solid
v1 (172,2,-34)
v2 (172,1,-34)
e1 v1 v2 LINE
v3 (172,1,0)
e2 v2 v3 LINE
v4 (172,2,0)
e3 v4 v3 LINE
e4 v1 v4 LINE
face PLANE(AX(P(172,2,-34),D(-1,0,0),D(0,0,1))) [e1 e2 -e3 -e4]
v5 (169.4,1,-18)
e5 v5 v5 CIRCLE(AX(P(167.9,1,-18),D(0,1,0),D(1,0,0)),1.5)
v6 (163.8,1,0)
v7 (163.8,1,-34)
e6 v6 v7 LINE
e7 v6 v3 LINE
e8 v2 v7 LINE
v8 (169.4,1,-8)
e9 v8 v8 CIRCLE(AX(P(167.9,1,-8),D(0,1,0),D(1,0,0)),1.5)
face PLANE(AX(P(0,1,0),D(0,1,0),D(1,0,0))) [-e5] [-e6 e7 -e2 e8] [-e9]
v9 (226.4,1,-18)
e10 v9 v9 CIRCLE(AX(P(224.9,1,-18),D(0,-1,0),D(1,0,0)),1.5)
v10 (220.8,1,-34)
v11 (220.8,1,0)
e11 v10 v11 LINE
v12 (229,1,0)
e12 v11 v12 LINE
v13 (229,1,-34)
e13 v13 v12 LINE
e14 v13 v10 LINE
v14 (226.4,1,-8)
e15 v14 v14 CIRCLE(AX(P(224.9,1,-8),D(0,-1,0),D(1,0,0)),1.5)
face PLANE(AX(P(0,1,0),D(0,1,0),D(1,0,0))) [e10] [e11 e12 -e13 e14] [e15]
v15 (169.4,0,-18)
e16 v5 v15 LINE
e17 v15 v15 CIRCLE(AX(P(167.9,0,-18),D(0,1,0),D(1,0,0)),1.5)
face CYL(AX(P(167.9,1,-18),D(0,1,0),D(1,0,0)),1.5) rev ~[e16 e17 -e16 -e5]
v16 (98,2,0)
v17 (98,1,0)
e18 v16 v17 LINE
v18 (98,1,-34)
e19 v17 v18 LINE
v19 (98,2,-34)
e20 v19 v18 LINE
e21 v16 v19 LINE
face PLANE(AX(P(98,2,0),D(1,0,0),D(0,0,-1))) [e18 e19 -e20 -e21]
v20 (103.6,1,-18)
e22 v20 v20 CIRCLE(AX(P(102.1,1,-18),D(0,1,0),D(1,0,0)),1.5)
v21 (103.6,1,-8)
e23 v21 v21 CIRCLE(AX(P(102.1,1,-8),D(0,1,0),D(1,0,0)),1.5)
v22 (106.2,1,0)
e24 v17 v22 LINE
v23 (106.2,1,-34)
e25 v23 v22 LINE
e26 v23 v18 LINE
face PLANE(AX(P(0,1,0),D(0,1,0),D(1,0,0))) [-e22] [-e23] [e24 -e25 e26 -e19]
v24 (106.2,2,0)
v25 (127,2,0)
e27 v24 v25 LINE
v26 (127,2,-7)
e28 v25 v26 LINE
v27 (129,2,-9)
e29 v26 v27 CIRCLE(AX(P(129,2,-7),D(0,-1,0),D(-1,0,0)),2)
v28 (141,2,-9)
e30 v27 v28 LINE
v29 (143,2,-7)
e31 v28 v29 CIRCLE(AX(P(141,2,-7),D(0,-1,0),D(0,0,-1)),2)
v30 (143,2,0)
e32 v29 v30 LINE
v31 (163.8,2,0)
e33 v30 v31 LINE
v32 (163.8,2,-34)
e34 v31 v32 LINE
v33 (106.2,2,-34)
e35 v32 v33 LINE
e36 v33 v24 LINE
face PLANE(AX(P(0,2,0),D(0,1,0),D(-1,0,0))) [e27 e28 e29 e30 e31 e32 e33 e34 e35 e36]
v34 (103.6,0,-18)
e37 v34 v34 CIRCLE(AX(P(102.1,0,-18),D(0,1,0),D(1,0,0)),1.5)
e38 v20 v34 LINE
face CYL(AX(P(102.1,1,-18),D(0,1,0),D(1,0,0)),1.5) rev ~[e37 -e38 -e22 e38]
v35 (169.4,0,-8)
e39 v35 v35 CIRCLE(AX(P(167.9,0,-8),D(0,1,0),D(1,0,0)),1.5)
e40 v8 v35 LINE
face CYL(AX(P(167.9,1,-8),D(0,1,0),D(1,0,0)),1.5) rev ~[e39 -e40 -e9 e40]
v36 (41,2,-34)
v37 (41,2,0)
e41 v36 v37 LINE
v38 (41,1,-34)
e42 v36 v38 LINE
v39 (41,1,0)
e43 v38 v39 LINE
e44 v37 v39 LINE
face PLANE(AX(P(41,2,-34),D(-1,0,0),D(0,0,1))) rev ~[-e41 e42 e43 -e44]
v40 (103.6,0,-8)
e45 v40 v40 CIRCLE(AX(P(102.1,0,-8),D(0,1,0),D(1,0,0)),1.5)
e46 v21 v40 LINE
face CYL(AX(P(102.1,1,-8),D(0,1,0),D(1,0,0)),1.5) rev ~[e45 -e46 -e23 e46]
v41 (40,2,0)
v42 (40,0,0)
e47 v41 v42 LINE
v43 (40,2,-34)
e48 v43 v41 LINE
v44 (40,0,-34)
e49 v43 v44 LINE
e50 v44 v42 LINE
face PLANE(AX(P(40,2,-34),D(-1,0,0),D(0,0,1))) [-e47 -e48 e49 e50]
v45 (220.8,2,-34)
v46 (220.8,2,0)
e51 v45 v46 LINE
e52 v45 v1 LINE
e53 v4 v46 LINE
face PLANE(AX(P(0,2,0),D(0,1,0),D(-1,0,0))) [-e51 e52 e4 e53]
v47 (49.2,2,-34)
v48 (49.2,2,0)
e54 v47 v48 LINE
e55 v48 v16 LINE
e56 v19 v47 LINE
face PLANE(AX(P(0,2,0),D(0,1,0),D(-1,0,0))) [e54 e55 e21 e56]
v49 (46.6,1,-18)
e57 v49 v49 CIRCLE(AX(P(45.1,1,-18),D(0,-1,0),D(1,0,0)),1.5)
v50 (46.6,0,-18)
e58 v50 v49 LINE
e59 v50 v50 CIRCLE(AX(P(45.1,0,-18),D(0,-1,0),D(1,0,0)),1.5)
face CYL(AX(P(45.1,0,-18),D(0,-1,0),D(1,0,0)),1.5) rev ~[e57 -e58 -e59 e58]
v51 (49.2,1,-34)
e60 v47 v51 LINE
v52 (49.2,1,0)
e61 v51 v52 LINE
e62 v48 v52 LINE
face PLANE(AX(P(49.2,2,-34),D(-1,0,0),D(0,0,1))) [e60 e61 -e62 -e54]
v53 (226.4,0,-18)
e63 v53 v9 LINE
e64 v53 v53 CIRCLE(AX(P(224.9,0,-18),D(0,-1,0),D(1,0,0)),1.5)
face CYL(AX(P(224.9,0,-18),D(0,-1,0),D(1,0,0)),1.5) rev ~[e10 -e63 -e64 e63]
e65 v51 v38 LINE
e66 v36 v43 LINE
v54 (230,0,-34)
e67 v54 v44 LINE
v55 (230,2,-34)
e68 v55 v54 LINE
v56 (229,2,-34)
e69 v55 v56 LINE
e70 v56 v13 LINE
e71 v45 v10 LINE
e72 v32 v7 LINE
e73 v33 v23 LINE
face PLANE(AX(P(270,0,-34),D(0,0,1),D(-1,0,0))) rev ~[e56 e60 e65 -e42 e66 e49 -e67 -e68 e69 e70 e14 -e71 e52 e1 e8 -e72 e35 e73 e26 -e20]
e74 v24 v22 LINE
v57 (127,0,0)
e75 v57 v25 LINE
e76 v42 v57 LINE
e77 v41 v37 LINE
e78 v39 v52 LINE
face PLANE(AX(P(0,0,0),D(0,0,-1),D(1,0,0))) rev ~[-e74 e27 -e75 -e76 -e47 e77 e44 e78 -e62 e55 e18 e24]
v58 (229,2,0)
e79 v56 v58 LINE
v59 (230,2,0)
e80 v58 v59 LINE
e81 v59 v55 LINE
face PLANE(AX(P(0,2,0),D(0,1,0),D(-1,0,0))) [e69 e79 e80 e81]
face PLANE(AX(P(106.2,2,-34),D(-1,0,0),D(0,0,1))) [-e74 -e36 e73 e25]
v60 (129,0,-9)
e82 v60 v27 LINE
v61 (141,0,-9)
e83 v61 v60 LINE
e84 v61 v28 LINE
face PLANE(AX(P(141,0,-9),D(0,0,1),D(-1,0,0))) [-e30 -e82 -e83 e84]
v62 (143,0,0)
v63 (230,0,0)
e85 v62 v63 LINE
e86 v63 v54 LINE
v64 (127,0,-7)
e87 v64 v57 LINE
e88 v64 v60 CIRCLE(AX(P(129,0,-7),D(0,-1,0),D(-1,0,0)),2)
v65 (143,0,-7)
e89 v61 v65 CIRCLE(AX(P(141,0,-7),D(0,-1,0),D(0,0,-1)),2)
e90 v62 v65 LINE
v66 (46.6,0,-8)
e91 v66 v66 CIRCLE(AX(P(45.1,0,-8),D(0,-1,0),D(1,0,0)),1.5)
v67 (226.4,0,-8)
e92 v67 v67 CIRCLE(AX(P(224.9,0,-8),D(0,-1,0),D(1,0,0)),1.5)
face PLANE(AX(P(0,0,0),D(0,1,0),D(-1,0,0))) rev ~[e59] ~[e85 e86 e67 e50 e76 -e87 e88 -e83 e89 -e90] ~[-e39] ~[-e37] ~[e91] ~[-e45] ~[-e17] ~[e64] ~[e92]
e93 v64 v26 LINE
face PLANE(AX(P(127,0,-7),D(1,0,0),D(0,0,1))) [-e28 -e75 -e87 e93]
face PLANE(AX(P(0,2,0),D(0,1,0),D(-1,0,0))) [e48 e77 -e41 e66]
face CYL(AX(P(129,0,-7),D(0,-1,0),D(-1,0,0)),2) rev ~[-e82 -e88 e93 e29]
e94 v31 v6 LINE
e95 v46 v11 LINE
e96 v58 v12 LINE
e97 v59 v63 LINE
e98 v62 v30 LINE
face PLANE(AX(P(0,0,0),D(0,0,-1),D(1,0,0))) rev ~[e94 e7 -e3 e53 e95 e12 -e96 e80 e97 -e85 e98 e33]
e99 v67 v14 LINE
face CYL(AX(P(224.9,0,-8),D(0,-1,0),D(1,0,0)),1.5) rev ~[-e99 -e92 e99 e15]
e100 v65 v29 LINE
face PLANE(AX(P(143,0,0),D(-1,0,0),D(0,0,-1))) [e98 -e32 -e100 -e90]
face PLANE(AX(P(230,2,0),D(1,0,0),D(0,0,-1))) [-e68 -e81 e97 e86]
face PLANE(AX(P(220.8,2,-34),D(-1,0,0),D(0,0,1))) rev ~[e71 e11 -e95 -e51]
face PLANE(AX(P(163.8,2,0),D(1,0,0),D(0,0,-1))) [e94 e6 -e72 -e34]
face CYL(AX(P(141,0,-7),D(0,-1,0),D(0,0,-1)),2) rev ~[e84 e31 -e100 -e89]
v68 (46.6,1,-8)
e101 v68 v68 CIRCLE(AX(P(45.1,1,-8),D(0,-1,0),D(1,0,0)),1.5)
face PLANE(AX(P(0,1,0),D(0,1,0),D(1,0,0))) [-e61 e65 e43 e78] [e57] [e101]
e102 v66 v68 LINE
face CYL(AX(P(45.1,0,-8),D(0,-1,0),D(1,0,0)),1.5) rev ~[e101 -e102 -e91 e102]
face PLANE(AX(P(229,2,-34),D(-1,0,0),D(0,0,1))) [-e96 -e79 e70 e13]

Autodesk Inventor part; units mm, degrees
ref_plane "YZ Plane" through (0, 0, 0) normal (1, 0, 0) x (0, 1, 0)
ref_plane "XZ Plane" through (0, 0, 0) normal (0, 1, 0) x (-1, 0, 0)
ref_plane "XY Plane" through (0, 0, 0) normal (0, 0, 1) x (1, 0, 0)
sketch "스케치1" plane through (0, 0, 0) normal (0, 1, 0) x (-1, 0, 0)
  line L0 (0, 0) -> (-270, 0)
  line L1 (-270, 0) -> (-270, -34)
  line L2 (-270, -34) -> (0, -34)
  line L3 (0, -34) -> (0, 0)
  dimension "d0" = 270
  dimension "d1" = 34
extrude "돌출1" add sketch "스케치1" along normal blind 2
sketch "스케치2" plane through (0, 2, 0) normal (0, 1, 0) x (1, 0, 0)
  line L0 (0, 0) -> (270, 0) projected
  line L1 (0, 34) -> (0, 0) projected
  line L2 (270, 34) -> (0, 34) projected
  line L3 (270, 0) -> (270, 34) projected
  line L4 (270, 0) -> (270, 34) projected
  line L5 (41, 34) -> (41, 0)
  line L6 (41, 34) -> (49.2, 34)
  line L7 (49.2, 34) -> (49.2, 0)
  line L8 (0, 0) -> (270, 0) projected
  line L9 (230, 34) -> (229, 34)
  line L10 (229, 34) -> (220.8, 34)
  line L11 (220.8, 34) -> (220.8, 0)
  line L12 (229, 34) -> (229, 0)
  line L13 (1, 34) -> (1, 0)
  line L14 (9.2, 34) -> (9.2, 0)
  line L15 (269, 34) -> (269, 0)
  line L16 (260.8, 34) -> (260.8, 0)
  line L17 (1, 0) -> (9.2, 0)
  line L18 (260.8, 0) -> (269, 0)
  line L19 (229, 0) -> (220.8, 0)
  line L20 (41, 0) -> (49.2, 0)
  line L21 (1, 34) -> (9.2, 34)
  line L22 (270, 34) -> (0, 34) projected
  line L23 (260.8, 34) -> (269, 34)
  point P0 (285, 0)
  dimension "d4" = 40
  dimension "d7" = 8.2
  dimension "d8" = 1
  dimension "d9" = 8.2
  dimension "d17" = 1
  dimension "d18" = 8.2
  dimension "d19" = 1
  dimension "d20" = 8.2
extrude "돌출4" cut sketch "스케치2" against normal blind 1 contours L13 L2 L14 L0 | L5 L2 L7 L0 | L11 L2 L12 L0 | L16 L2 L15 L0
sketch "스케치4" plane through (0, 0, 0) normal (0, -1, 0) x (1, 0, 0)
  line L0 (0, 0) -> (270, 0) projected
  line L1 (0, -34) -> (0, 0) projected
  line L2 (270, -34) -> (0, -34) projected
  line L3 (270, 0) -> (270, -34) projected
  line L4 (127, 0) -> (143, 0)
  line L5 (143, 0) -> (143, -7)
  line L6 (141, -9) -> (129, -9)
  line L7 (127, -7) -> (127, 0)
  line L8 (0, -34) -> (0, 0) projected
  line L9 (270, 0) -> (270, -34) projected
  arc A0 (127, -7) -> (129, -9) centre (129, -7) ccw
  arc A1 (141, -9) -> (143, -7) centre (141, -7) ccw
  point P0 (143, -9)
  point P1 (127, -9)
  dimension "d23" = 9
  dimension "d24" = 127
  dimension "d25" = 127
  dimension "d54" = 2
extrude "돌출5" cut sketch "스케치4" against normal blind 10 contours L0 L5 A1 L6 A0 L7
sketch "스케치5" plane through (0, 0, 0) normal (0, -1, 0) x (1, 0, 0)
  line L0 (9.2, 0) -> (1, 0) projected
  line L1 (9.2, -34) -> (9.2, 0) projected
  line L2 (1, -34) -> (9.2, -34) projected
  line L3 (1, 0) -> (1, -34) projected
  line L4 (49.2, 0) -> (41, 0) projected
  line L5 (49.2, -34) -> (49.2, 0) projected
  line L6 (41, -34) -> (49.2, -34) projected
  line L7 (41, 0) -> (41, -34) projected
  line L8 (229, 0) -> (220.8, 0) projected
  line L9 (229, -34) -> (229, 0) projected
  line L10 (220.8, -34) -> (229, -34) projected
  line L11 (220.8, 0) -> (220.8, -34) projected
  line L12 (269, 0) -> (260.8, 0) projected
  line L13 (269, -34) -> (269, 0) projected
  line L14 (260.8, -34) -> (269, -34) projected
  line L15 (260.8, 0) -> (260.8, -34) projected
  circle A0 centre (5.1, -8) radius 1.5
  circle A1 centre (5.1, -18) radius 1.5
  circle A2 centre (45.1, -8) radius 1.5
  circle A3 centre (45.1, -18) radius 1.5
  circle A4 centre (224.9, -18) radius 1.5
  circle A5 centre (224.9, -8) radius 1.5
  circle A6 centre (264.9, -8) radius 1.5
  circle A7 centre (264.9, -18) radius 1.5
  point P0 (0, 0)
  dimension "d28" = 3
  dimension "d29" = 3
  dimension "d30" = 3
  dimension "d31" = 4.1
  dimension "d32" = 4.1
  dimension "d33" = 4.1
  dimension "d34" = 4.1
  dimension "d35" = 4.1
  dimension "d36" = 4.1
  dimension "d37" = 4.1
  dimension "d38" = 4.1
  dimension "d39" = 8
  dimension "d40" = 16
  dimension "d41" = 16
  dimension "d42" = 8
  dimension "d43" = 8
  dimension "d44" = 3
  dimension "d45" = 16
  dimension "d46" = 3
  dimension "d47" = 16
  dimension "d48" = 8
  dimension "d49" = 3
  dimension "d50" = 3
  dimension "d51" = 3
extrude "돌출6" cut sketch "스케치5" against normal blind 10 contours A0 | A1 | A2 | A3 | A4 | A5 | A6 | A7
sketch "스케치6" plane through (0, 2, 0) normal (0, 1, 0) x (1, 0, 0)
  line L0 (143, 7) -> (143, 0) projected
  line L1 (143, 0) -> (220.8, 0) projected
  line L2 (220.8, 0) -> (220.8, 34) projected
  line L3 (220.8, 34) -> (49.2, 34) projected
  line L4 (49.2, 34) -> (49.2, 0) projected
  line L5 (127, 0) -> (127, 7) projected
  arc A0 (129, 9) -> (127, 7) centre (129, 7) ccw projected
  line L6 (129, 9) -> (141, 9) projected
  arc A1 (143, 7) -> (141, 9) centre (141, 7) ccw projected
  circle A2 centre (264.9, 8) radius 1.5 projected
  circle A3 centre (224.9, 18) radius 1.5 projected
  circle A4 centre (45.1, 8) radius 1.5 projected
  circle A5 centre (5.1, 8) radius 1.5 projected
  circle A6 centre (5.1, 18) radius 1.5 projected
  circle A7 centre (45.1, 18) radius 1.5 projected
  circle A8 centre (224.9, 8) radius 1.5 projected
  circle A9 centre (264.9, 18) radius 1.5 projected
  line L7 (143, 0) -> (143, 7) projected
  arc A10 (141, 9) -> (143, 7) centre (141, 7) ccw projected
  line L8 (141, 9) -> (129, 9) projected
  arc A11 (127, 7) -> (129, 9) centre (129, 7) ccw projected
  line L9 (127, 7) -> (127, 0) projected
  line L10 (0, 0) -> (127, 0) projected
  line L11 (0, 34) -> (0, 0) projected
  line L12 (270, 34) -> (0, 34) projected
  line L13 (270, 0) -> (270, 34) projected
  line L14 (49.2, 0) -> (127, 0) projected
  line L15 (98, 34) -> (106.2, 34)
  line L16 (106.2, 34) -> (106.2, 0)
  line L17 (106.2, 0) -> (98, 0)
  line L18 (98, 0) -> (98, 34)
  line L19 (220.8, 34) -> (49.2, 34) projected
  line L20 (143, 0) -> (220.8, 0) projected
  line L21 (163.8, 34) -> (172, 34)
  line L22 (172, 34) -> (172, 0)
  line L23 (172, 0) -> (163.8, 0)
  line L24 (163.8, 0) -> (163.8, 34)
  line L25 (229, 34) -> (229, 0) projected
  line L26 (229, 0) -> (260.8, 0) projected
  line L27 (260.8, 0) -> (260.8, 34) projected
  line L28 (260.8, 34) -> (229, 34) projected
  line L29 (41, 0) -> (41, 34) projected
  line L30 (41, 34) -> (9.2, 34) projected
  line L31 (9.2, 34) -> (9.2, 0) projected
  line L32 (9.2, 0) -> (41, 0) projected
  line L33 (1, 0) -> (1, 34) projected
  line L34 (1, 34) -> (0, 34) projected
  line L35 (0, 34) -> (0, 0) projected
  line L36 (0, 0) -> (1, 0) projected
  line L37 (269, 34) -> (269, 0) projected
  line L38 (269, 0) -> (270, 0) projected
  line L39 (270, 0) -> (270, 34) projected
  line L40 (270, 34) -> (269, 34) projected
  line L41 (49.2, 0) -> (127, 0) projected
  line L42 (143, 0) -> (270, 0) projected
  point P0 (163, 0)
  dimension "d55" = 8.2
  dimension "d56" = 8.2
  dimension "d57" = 98
  dimension "d58" = 98
extrude "돌출7" cut sketch "스케치6" against normal blind 1 contours L24 L3 L22 L1 | L16 L10 L18 L3
sketch "스케치7" plane through (0, 1, 0) normal (0, 1, 0) x (1, 0, 0)
  line L0 (106.2, 34) -> (106.2, 0) projected
  line L1 (98, 34) -> (106.2, 34) projected
  line L2 (98, 0) -> (98, 34) projected
  line L3 (106.2, 0) -> (98, 0) projected
  line L4 (172, 34) -> (172, 0) projected
  line L5 (163.8, 34) -> (172, 34) projected
  line L6 (163.8, 0) -> (163.8, 34) projected
  line L7 (172, 0) -> (163.8, 0) projected
  circle A0 centre (102.1, 8) radius 1.5
  circle A1 centre (102.1, 18) radius 1.5
  circle A2 centre (167.9, 18) radius 1.5
  circle A3 centre (167.9, 8) radius 1.5
  point P0 (0, 0)
  dimension "d61" = 3
  dimension "d62" = 3
  dimension "d63" = 3
  dimension "d64" = 3
  dimension "d65" = 4.1
  dimension "d66" = 4.1
  dimension "d67" = 4.1
  dimension "d68" = 4.1
  dimension "d69" = 8
  dimension "d71" = 8
  dimension "d75" = 16
  dimension "d76" = 16
extrude "돌출8" cut sketch "스케치7" against normal blind 1 contours A0 | A1 | A2 | A3
sketch "스케치8" plane through (0, 2, 0) normal (0, 1, 0) x (1, 0, 0)
  line L0 (230, 0) -> (230, 33)
  line L1 (40, 0) -> (40, 33)
  line L2 (230, 0) -> (270, 0)
  line L3 (270, 0) -> (270, 34)
  line L4 (270, 34) -> (230, 34)
  line L5 (230, 34) -> (230, 0)
  line L6 (1, 34) -> (0, 34) projected
  line L7 (40, 0) -> (0, 0)
  line L8 (0, 0) -> (0, 34)
  line L9 (0, 34) -> (40, 34)
  line L10 (40, 34) -> (40, 0)
extrude "돌출9" cut sketch "스케치8" against normal blind 10
properties part number "앞뒷판_밑" material "알루미늄 6061"
